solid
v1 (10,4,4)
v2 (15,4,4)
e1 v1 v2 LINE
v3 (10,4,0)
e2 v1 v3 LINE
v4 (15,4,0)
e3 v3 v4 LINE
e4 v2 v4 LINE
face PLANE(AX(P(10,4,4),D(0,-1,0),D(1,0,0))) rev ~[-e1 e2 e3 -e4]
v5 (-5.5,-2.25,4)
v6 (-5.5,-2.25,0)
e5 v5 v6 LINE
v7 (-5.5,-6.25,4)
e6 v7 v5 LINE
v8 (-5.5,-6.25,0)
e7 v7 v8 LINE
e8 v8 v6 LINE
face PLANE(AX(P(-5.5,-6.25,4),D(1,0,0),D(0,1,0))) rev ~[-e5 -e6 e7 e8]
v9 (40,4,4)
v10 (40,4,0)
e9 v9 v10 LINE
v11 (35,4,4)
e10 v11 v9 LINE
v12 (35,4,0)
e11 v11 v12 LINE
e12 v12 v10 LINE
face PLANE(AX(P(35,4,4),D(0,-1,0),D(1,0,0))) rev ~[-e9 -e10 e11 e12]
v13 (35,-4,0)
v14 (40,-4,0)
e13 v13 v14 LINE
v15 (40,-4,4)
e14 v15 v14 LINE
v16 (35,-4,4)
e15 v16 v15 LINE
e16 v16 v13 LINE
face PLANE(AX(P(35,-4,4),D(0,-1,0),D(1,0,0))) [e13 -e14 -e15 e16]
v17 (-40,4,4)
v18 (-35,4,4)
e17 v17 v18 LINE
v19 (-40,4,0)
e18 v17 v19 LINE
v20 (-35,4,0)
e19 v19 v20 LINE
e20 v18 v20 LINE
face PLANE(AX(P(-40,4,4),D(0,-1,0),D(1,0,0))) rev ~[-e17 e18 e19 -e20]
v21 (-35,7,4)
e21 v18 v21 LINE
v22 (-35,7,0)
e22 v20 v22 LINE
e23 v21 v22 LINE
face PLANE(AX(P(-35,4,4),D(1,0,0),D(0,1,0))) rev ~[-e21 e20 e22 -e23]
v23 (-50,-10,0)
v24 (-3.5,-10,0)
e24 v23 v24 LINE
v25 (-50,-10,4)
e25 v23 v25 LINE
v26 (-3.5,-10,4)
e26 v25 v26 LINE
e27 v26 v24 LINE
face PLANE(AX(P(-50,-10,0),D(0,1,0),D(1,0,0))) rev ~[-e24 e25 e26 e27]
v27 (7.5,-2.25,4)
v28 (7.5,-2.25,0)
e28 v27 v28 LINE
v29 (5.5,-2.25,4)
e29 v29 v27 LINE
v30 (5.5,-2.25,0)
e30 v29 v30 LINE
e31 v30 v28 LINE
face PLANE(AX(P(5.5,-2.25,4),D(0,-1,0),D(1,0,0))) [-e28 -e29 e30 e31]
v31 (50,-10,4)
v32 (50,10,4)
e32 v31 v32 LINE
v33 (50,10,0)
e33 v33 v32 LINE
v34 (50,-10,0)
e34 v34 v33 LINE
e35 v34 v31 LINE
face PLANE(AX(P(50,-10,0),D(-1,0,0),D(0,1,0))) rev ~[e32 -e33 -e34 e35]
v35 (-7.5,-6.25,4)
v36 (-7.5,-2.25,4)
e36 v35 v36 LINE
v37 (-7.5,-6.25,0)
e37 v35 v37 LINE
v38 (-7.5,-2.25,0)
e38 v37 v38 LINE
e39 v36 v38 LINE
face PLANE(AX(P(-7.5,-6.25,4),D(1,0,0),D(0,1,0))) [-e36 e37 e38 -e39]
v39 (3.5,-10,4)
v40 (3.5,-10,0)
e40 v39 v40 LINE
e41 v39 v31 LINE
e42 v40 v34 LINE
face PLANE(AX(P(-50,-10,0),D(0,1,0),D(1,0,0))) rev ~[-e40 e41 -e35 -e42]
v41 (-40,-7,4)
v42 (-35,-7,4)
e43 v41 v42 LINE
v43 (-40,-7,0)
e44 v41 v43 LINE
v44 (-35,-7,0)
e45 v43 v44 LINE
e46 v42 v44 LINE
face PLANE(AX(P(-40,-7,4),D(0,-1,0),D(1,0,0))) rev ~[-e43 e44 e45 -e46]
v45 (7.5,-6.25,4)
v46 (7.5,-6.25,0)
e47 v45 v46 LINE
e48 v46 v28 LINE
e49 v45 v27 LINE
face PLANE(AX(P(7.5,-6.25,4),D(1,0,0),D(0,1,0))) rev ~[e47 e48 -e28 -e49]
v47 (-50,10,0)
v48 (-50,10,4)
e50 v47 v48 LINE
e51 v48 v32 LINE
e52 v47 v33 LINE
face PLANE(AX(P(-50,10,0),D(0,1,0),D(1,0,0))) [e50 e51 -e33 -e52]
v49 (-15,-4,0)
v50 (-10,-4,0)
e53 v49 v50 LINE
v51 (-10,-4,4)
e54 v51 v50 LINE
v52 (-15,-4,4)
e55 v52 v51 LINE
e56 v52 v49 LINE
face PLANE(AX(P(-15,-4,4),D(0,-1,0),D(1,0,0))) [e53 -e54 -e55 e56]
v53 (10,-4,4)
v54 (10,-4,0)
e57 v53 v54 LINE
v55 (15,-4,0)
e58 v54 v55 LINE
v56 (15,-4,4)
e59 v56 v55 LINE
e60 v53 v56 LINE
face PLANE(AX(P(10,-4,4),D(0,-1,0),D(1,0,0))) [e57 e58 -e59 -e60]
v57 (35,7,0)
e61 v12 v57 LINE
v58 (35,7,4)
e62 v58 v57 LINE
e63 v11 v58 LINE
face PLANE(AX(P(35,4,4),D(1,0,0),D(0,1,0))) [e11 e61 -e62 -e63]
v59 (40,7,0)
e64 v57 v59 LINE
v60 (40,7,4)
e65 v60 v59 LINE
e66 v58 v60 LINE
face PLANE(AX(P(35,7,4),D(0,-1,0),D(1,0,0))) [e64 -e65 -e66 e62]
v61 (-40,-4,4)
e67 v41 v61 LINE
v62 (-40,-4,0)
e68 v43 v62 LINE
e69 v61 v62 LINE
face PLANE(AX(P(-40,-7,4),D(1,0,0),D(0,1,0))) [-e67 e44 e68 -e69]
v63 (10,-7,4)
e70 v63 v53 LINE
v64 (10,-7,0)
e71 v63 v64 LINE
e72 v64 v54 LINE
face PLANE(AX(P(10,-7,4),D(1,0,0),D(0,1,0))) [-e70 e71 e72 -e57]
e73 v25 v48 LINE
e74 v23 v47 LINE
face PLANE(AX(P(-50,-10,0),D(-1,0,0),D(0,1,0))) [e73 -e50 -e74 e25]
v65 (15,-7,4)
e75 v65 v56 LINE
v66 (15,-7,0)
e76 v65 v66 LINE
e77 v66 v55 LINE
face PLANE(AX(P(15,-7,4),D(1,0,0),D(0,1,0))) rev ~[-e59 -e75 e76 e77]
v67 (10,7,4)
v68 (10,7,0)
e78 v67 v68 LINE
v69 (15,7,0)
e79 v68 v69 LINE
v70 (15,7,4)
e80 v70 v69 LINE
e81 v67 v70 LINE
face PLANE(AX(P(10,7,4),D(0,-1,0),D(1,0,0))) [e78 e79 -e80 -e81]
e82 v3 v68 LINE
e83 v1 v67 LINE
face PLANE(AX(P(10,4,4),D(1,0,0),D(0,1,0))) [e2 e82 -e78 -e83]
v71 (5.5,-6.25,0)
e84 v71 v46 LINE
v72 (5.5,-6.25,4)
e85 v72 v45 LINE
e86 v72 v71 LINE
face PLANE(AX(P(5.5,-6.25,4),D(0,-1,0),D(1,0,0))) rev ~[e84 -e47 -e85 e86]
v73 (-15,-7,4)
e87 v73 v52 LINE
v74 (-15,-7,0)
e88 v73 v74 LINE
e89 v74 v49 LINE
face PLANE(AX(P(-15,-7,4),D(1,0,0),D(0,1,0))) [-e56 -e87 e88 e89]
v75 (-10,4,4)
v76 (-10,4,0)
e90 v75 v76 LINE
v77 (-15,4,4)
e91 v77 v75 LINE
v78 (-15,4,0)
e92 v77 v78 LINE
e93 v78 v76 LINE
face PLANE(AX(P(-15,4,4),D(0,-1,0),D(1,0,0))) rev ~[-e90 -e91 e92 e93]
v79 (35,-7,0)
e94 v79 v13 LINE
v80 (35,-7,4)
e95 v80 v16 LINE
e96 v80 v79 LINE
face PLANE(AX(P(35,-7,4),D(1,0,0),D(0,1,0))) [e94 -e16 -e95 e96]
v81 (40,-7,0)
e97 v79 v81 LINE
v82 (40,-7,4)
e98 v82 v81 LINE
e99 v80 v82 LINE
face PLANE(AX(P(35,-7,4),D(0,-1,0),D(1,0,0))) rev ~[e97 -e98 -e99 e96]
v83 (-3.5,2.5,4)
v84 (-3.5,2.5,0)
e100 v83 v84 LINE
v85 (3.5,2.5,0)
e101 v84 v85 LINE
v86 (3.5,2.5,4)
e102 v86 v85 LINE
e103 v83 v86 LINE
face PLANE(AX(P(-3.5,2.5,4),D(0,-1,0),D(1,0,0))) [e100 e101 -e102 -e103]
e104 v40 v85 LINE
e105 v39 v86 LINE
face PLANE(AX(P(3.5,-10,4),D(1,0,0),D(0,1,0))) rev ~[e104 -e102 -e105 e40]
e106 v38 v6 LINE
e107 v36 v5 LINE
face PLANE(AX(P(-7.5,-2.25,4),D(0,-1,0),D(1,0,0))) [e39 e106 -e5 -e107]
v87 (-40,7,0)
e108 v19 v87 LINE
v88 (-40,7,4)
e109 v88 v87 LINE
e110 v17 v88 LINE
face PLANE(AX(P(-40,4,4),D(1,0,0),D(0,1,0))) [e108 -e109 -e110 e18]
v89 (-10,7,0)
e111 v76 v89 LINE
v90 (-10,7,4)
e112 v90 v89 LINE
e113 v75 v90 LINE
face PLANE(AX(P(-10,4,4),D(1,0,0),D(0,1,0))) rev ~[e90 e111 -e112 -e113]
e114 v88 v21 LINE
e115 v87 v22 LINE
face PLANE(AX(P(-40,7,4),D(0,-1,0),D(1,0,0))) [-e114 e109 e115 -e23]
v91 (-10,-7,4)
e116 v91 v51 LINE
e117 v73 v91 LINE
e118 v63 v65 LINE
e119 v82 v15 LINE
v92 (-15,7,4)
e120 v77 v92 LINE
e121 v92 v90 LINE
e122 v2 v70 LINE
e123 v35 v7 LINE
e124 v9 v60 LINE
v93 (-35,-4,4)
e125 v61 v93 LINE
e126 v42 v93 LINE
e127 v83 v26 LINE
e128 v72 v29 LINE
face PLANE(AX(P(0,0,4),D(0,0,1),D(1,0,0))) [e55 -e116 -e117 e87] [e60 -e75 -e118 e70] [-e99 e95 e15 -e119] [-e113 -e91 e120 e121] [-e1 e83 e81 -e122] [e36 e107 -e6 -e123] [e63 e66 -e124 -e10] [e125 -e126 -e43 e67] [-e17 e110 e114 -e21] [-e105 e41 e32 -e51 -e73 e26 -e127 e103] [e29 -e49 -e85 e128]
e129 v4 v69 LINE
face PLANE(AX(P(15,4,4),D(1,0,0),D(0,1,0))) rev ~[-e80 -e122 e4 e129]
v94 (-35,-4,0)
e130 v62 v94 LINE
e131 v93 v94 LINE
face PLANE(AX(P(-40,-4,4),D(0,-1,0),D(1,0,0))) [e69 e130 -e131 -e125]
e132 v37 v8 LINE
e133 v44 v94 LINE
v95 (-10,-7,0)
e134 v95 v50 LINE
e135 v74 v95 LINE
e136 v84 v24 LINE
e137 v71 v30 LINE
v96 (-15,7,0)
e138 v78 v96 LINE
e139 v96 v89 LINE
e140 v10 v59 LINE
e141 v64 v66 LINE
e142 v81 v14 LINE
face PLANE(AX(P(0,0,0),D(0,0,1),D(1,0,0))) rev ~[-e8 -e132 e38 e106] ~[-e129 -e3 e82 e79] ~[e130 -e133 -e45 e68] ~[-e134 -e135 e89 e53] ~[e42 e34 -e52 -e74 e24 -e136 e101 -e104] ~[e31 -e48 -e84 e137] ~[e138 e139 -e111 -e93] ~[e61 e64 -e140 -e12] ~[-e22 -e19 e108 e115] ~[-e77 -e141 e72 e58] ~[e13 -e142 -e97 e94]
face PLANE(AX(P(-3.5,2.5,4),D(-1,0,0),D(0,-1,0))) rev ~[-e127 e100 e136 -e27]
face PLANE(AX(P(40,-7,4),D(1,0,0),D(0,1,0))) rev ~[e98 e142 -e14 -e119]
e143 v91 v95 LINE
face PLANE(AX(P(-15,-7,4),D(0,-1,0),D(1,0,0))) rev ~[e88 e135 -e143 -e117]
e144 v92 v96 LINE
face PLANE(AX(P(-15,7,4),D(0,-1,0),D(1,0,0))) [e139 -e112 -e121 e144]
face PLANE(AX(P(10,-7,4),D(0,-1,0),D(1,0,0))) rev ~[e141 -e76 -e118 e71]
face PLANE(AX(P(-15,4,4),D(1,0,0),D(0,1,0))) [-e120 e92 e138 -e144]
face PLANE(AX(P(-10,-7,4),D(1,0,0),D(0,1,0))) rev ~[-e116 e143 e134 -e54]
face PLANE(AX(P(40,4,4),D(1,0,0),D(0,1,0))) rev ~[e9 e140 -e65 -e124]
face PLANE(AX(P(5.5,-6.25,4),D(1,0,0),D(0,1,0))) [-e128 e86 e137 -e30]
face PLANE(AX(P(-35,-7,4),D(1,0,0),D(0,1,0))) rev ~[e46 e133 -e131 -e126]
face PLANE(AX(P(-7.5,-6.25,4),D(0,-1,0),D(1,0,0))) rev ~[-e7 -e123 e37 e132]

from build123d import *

# Parameters (mm, degrees)
F0_W     = 100
F0_H     = 20
F1_DEPTH = 4
F2_W     = 5
F2_H     = 3
F2_W_2   = 7
F2_H_2   = 2.5
F2_W_3   = 2
F2_H_3   = 4
F2_H_4   = 4.5
F3_DEPTH = 4


with BuildPart() as f1:
    # F0 (on Top) → F1 (new body)
    with BuildSketch(Plane.XY):
        Rectangle(F0_W, F0_H)
    extrude(amount=F1_DEPTH)

    # F2 (on face) → F3 (cut)
    with BuildSketch(Plane.XY.offset(4)):
        with Locations((-37.5, 5.5)):
            Rectangle(F2_W, F2_H)
        with Locations((-37.5, -5.5)):
            Rectangle(F2_W, F2_H)
        with Locations((-12.5, -5.5)):
            Rectangle(F2_W, F2_H)
        with Locations((-12.5, 5.5)):
            Rectangle(F2_W, F2_H)
        with Locations((0, 1.25)):
            Rectangle(F2_W_2, F2_H_2)
        with Locations((0, -1.25)):
            Rectangle(F2_W_2, F2_H_2)
        with Locations((-6.5, -4.25)):
            Rectangle(F2_W_3, F2_H_3)
        with Locations((6.5, -4.25)):
            Rectangle(F2_W_3, F2_H_3)
        with Locations((12.5, -5.5)):
            Rectangle(F2_W, F2_H)
        with Locations((12.5, 5.5)):
            Rectangle(F2_W, F2_H)
        with Locations((37.5, 5.5)):
            Rectangle(F2_W, F2_H)
        with Locations((37.5, -5.5)):
            Rectangle(F2_W, F2_H)
        with Locations((0, -4.75)):
            Rectangle(F2_W_2, F2_H_4)
        with Locations((0, -8.5)):
            Rectangle(F2_W_2, F2_H)
    extrude(amount=-F3_DEPTH, mode=Mode.SUBTRACT)


solid = f1.part
